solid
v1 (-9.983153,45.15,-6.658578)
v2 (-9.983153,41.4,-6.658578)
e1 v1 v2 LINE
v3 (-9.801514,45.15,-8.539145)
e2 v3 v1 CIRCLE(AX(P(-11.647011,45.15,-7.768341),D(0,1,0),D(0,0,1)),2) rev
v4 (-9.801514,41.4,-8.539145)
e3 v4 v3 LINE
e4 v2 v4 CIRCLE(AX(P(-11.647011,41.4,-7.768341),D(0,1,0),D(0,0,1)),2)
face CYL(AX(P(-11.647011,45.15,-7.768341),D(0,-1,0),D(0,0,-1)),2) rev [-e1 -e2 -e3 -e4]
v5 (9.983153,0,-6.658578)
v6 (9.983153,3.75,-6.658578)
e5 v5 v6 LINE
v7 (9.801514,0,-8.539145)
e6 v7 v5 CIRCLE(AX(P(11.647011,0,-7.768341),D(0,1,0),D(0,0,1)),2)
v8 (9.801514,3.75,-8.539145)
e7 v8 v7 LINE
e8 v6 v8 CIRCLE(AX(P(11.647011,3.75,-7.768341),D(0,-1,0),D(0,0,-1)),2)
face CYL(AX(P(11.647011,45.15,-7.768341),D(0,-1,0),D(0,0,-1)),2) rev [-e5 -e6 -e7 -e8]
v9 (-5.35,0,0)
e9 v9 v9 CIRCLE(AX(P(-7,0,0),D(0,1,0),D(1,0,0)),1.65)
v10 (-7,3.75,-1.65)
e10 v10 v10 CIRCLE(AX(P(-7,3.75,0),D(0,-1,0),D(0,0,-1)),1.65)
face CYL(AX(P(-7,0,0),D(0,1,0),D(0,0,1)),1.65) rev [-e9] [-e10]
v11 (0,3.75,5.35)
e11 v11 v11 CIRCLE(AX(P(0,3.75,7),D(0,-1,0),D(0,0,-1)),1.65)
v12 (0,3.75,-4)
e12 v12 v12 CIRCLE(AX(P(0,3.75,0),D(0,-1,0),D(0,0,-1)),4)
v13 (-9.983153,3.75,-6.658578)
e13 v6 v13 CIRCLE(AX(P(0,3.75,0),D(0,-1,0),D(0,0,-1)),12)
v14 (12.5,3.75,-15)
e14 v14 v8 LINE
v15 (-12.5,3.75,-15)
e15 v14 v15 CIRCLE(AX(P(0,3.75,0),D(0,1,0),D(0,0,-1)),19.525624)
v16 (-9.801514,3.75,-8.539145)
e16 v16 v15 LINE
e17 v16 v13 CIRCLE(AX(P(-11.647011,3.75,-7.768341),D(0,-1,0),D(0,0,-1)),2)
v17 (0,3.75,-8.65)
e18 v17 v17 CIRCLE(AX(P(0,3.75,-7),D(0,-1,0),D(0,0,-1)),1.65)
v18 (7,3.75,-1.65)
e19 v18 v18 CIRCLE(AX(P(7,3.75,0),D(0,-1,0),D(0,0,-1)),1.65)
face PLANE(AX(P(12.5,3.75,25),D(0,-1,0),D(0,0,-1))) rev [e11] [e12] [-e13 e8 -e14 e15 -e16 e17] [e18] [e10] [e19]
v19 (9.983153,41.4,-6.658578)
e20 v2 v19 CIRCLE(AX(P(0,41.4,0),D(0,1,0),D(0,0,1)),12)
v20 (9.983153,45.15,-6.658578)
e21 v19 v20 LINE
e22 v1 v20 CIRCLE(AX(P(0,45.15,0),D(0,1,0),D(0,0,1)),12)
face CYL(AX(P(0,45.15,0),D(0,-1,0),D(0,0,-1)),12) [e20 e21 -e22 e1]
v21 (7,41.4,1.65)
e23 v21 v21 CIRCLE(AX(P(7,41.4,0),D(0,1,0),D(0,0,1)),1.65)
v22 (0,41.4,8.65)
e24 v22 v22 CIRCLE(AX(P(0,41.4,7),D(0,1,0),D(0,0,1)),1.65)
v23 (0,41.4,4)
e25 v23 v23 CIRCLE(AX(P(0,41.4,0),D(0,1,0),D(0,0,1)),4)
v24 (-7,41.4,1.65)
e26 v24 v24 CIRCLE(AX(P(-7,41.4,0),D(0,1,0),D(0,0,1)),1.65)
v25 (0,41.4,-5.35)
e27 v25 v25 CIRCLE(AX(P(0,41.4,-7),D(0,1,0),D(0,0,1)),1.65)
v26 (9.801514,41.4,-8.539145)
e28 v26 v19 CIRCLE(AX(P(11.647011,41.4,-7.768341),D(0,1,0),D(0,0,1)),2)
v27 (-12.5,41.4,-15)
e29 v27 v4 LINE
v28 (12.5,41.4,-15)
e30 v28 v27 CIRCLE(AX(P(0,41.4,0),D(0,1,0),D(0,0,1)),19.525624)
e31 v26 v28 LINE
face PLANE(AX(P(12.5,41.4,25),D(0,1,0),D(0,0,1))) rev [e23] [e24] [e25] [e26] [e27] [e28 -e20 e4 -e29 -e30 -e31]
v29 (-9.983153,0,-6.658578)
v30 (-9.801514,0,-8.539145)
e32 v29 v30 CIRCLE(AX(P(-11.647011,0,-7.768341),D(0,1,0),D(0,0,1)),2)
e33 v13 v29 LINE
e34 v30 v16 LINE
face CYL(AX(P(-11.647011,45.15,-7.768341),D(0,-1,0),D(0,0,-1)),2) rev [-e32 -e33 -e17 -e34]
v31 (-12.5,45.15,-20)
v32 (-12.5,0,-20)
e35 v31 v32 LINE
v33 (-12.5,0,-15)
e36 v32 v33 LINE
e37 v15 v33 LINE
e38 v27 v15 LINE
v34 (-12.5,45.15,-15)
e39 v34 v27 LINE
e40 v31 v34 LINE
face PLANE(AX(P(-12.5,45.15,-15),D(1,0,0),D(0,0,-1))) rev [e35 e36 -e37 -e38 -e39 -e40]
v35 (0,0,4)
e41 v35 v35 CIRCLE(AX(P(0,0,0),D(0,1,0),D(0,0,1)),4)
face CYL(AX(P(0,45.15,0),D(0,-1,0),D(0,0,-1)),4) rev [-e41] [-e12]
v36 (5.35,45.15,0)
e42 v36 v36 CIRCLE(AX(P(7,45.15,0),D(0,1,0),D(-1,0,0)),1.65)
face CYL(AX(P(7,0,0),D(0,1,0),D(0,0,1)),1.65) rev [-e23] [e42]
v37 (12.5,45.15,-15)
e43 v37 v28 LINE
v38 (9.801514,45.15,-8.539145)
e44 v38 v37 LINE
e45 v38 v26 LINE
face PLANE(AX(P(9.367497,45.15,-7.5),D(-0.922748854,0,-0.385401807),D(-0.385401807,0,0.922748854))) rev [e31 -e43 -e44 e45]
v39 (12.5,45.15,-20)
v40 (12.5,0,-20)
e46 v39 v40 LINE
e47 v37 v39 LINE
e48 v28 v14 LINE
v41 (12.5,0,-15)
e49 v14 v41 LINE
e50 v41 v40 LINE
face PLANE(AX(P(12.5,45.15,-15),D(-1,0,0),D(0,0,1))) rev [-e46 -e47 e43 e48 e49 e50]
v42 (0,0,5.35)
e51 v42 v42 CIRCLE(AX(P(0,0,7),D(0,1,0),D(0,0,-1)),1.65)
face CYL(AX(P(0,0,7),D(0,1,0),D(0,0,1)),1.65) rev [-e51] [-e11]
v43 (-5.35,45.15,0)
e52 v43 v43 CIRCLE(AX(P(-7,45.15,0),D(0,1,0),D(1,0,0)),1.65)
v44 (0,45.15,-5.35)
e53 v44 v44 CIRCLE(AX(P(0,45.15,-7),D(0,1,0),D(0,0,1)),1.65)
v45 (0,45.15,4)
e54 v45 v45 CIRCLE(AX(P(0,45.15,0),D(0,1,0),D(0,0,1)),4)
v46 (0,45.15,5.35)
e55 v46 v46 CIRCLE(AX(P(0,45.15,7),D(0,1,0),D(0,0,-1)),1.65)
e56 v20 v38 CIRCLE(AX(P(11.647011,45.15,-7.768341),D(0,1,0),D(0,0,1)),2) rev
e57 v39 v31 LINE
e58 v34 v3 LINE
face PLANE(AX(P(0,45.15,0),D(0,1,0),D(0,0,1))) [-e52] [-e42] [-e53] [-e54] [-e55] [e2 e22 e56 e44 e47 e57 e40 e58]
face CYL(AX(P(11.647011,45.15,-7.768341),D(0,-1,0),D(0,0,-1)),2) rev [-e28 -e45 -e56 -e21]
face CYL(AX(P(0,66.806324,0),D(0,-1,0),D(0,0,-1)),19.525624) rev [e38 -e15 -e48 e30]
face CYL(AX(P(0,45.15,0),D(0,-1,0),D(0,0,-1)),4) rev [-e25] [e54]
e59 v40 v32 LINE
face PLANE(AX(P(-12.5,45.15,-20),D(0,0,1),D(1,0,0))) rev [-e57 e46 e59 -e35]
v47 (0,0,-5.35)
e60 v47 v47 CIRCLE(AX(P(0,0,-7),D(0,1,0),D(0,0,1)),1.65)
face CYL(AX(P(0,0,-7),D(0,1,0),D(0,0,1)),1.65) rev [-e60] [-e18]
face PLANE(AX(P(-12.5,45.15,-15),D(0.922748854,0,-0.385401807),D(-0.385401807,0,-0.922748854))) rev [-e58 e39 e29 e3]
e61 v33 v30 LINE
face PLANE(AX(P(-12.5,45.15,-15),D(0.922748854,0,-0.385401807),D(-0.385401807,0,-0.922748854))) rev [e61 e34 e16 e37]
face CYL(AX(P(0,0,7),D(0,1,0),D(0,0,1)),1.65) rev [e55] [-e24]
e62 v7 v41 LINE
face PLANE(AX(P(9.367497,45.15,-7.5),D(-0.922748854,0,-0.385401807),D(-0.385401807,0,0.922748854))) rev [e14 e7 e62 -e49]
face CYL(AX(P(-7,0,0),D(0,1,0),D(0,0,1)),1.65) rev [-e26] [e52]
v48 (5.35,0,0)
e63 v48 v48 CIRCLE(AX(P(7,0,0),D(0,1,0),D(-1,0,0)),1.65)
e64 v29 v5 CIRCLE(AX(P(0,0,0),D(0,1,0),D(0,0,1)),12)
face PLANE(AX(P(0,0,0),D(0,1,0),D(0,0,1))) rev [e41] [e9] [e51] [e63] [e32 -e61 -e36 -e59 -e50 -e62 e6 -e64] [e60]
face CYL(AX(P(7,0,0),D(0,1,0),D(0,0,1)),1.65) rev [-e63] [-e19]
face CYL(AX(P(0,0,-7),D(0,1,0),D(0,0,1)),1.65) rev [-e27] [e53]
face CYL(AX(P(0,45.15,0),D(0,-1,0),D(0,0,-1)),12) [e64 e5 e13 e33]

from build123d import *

# Parameters (mm, degrees)
SKETCH1_R           = 4
BOSS_EXTRUDE1_DEPTH = 45.15
SKETCH2_W           = 40
SKETCH2_H           = 37.65
CUT_EXTRUDE1_DEPTH  = 26
SKETCH3_R           = 1.65
CUT_EXTRUDE2_DEPTH  = 46.15
CIRPATTERN1_COUNT   = 4
FILLET1_R           = 2
CUT_EXTRUDE4_DEPTH  = 37.65


with BuildPart() as part:
    # Sketch1 → Boss-Extrude1 (new body)
    with BuildSketch(Plane(origin=(0, 0, 0), x_dir=(1, 0, 0), z_dir=(0, 1, 0))):
        with BuildLine():
            Line((-12.5, 15), (-12.5, 20))
            Line((-12.5, 20), (12.5, 20))
            Line((12.5, 20), (12.5, 15))
            Line((12.5, 15), (9.367496998, 7.5))
            ThreePointArc((9.367496998, 7.5), (0, -12), (-9.367496998, 7.5))
            Line((-9.367496998, 7.5), (-12.5, 15))
        make_face()
        Circle(SKETCH1_R, mode=Mode.SUBTRACT)
    extrude(amount=BOSS_EXTRUDE1_DEPTH)

    # Sketch2 → Cut-Extrude1 (cut, through all)
    with BuildSketch(Plane.ZY.offset(12.5)):
        with Locations((5, 22.575)):
            Rectangle(SKETCH2_W, SKETCH2_H)
    extrude(amount=-CUT_EXTRUDE1_DEPTH, mode=Mode.SUBTRACT)

    # Sketch3 → Cut-Extrude2 (cut, through all)
    with BuildSketch(Plane(origin=(0, 45.15, 0), x_dir=(1, 0, 0), z_dir=(0, 1, 0))):
        with Locations((0, 7)):
            Circle(SKETCH3_R)
    cut_extrude2 = extrude(amount=-CUT_EXTRUDE2_DEPTH, mode=Mode.SUBTRACT)

    # CirPattern1: Cut-Extrude2 ×4 about axis
    cirpattern1_axis = Axis((0, 0, 0), (0, 1, 0))
    for i in range(1, CIRPATTERN1_COUNT):
        add(cut_extrude2.rotate(cirpattern1_axis, i * 360 / CIRPATTERN1_COUNT), mode=Mode.SUBTRACT)

    # Fillet1
    fillet1_edges = [part.edges().sort_by_distance(p)[0] for p in [
        (9.367496998, 43.275, -7.5),
        (-9.367496998, 43.275, -7.5),
        (9.367496998, 1.875, -7.5),
        (-9.367496998, 1.875, -7.5),
    ]]
    fillet(fillet1_edges, radius=FILLET1_R)

    # Sketch4 → Cut-Extrude4 (cut)
    with BuildSketch(Plane(origin=(0, 3.75, 0), x_dir=(1, 0, 0), z_dir=(0, 1, 0))):
        with BuildLine():
            Line((-12.5, 15), (12.5, 15))
            ThreePointArc((12.5, 15), (0, 19.52562419), (-12.5, 15))
        make_face()
    extrude(amount=CUT_EXTRUDE4_DEPTH, mode=Mode.SUBTRACT)


solid = part.part
